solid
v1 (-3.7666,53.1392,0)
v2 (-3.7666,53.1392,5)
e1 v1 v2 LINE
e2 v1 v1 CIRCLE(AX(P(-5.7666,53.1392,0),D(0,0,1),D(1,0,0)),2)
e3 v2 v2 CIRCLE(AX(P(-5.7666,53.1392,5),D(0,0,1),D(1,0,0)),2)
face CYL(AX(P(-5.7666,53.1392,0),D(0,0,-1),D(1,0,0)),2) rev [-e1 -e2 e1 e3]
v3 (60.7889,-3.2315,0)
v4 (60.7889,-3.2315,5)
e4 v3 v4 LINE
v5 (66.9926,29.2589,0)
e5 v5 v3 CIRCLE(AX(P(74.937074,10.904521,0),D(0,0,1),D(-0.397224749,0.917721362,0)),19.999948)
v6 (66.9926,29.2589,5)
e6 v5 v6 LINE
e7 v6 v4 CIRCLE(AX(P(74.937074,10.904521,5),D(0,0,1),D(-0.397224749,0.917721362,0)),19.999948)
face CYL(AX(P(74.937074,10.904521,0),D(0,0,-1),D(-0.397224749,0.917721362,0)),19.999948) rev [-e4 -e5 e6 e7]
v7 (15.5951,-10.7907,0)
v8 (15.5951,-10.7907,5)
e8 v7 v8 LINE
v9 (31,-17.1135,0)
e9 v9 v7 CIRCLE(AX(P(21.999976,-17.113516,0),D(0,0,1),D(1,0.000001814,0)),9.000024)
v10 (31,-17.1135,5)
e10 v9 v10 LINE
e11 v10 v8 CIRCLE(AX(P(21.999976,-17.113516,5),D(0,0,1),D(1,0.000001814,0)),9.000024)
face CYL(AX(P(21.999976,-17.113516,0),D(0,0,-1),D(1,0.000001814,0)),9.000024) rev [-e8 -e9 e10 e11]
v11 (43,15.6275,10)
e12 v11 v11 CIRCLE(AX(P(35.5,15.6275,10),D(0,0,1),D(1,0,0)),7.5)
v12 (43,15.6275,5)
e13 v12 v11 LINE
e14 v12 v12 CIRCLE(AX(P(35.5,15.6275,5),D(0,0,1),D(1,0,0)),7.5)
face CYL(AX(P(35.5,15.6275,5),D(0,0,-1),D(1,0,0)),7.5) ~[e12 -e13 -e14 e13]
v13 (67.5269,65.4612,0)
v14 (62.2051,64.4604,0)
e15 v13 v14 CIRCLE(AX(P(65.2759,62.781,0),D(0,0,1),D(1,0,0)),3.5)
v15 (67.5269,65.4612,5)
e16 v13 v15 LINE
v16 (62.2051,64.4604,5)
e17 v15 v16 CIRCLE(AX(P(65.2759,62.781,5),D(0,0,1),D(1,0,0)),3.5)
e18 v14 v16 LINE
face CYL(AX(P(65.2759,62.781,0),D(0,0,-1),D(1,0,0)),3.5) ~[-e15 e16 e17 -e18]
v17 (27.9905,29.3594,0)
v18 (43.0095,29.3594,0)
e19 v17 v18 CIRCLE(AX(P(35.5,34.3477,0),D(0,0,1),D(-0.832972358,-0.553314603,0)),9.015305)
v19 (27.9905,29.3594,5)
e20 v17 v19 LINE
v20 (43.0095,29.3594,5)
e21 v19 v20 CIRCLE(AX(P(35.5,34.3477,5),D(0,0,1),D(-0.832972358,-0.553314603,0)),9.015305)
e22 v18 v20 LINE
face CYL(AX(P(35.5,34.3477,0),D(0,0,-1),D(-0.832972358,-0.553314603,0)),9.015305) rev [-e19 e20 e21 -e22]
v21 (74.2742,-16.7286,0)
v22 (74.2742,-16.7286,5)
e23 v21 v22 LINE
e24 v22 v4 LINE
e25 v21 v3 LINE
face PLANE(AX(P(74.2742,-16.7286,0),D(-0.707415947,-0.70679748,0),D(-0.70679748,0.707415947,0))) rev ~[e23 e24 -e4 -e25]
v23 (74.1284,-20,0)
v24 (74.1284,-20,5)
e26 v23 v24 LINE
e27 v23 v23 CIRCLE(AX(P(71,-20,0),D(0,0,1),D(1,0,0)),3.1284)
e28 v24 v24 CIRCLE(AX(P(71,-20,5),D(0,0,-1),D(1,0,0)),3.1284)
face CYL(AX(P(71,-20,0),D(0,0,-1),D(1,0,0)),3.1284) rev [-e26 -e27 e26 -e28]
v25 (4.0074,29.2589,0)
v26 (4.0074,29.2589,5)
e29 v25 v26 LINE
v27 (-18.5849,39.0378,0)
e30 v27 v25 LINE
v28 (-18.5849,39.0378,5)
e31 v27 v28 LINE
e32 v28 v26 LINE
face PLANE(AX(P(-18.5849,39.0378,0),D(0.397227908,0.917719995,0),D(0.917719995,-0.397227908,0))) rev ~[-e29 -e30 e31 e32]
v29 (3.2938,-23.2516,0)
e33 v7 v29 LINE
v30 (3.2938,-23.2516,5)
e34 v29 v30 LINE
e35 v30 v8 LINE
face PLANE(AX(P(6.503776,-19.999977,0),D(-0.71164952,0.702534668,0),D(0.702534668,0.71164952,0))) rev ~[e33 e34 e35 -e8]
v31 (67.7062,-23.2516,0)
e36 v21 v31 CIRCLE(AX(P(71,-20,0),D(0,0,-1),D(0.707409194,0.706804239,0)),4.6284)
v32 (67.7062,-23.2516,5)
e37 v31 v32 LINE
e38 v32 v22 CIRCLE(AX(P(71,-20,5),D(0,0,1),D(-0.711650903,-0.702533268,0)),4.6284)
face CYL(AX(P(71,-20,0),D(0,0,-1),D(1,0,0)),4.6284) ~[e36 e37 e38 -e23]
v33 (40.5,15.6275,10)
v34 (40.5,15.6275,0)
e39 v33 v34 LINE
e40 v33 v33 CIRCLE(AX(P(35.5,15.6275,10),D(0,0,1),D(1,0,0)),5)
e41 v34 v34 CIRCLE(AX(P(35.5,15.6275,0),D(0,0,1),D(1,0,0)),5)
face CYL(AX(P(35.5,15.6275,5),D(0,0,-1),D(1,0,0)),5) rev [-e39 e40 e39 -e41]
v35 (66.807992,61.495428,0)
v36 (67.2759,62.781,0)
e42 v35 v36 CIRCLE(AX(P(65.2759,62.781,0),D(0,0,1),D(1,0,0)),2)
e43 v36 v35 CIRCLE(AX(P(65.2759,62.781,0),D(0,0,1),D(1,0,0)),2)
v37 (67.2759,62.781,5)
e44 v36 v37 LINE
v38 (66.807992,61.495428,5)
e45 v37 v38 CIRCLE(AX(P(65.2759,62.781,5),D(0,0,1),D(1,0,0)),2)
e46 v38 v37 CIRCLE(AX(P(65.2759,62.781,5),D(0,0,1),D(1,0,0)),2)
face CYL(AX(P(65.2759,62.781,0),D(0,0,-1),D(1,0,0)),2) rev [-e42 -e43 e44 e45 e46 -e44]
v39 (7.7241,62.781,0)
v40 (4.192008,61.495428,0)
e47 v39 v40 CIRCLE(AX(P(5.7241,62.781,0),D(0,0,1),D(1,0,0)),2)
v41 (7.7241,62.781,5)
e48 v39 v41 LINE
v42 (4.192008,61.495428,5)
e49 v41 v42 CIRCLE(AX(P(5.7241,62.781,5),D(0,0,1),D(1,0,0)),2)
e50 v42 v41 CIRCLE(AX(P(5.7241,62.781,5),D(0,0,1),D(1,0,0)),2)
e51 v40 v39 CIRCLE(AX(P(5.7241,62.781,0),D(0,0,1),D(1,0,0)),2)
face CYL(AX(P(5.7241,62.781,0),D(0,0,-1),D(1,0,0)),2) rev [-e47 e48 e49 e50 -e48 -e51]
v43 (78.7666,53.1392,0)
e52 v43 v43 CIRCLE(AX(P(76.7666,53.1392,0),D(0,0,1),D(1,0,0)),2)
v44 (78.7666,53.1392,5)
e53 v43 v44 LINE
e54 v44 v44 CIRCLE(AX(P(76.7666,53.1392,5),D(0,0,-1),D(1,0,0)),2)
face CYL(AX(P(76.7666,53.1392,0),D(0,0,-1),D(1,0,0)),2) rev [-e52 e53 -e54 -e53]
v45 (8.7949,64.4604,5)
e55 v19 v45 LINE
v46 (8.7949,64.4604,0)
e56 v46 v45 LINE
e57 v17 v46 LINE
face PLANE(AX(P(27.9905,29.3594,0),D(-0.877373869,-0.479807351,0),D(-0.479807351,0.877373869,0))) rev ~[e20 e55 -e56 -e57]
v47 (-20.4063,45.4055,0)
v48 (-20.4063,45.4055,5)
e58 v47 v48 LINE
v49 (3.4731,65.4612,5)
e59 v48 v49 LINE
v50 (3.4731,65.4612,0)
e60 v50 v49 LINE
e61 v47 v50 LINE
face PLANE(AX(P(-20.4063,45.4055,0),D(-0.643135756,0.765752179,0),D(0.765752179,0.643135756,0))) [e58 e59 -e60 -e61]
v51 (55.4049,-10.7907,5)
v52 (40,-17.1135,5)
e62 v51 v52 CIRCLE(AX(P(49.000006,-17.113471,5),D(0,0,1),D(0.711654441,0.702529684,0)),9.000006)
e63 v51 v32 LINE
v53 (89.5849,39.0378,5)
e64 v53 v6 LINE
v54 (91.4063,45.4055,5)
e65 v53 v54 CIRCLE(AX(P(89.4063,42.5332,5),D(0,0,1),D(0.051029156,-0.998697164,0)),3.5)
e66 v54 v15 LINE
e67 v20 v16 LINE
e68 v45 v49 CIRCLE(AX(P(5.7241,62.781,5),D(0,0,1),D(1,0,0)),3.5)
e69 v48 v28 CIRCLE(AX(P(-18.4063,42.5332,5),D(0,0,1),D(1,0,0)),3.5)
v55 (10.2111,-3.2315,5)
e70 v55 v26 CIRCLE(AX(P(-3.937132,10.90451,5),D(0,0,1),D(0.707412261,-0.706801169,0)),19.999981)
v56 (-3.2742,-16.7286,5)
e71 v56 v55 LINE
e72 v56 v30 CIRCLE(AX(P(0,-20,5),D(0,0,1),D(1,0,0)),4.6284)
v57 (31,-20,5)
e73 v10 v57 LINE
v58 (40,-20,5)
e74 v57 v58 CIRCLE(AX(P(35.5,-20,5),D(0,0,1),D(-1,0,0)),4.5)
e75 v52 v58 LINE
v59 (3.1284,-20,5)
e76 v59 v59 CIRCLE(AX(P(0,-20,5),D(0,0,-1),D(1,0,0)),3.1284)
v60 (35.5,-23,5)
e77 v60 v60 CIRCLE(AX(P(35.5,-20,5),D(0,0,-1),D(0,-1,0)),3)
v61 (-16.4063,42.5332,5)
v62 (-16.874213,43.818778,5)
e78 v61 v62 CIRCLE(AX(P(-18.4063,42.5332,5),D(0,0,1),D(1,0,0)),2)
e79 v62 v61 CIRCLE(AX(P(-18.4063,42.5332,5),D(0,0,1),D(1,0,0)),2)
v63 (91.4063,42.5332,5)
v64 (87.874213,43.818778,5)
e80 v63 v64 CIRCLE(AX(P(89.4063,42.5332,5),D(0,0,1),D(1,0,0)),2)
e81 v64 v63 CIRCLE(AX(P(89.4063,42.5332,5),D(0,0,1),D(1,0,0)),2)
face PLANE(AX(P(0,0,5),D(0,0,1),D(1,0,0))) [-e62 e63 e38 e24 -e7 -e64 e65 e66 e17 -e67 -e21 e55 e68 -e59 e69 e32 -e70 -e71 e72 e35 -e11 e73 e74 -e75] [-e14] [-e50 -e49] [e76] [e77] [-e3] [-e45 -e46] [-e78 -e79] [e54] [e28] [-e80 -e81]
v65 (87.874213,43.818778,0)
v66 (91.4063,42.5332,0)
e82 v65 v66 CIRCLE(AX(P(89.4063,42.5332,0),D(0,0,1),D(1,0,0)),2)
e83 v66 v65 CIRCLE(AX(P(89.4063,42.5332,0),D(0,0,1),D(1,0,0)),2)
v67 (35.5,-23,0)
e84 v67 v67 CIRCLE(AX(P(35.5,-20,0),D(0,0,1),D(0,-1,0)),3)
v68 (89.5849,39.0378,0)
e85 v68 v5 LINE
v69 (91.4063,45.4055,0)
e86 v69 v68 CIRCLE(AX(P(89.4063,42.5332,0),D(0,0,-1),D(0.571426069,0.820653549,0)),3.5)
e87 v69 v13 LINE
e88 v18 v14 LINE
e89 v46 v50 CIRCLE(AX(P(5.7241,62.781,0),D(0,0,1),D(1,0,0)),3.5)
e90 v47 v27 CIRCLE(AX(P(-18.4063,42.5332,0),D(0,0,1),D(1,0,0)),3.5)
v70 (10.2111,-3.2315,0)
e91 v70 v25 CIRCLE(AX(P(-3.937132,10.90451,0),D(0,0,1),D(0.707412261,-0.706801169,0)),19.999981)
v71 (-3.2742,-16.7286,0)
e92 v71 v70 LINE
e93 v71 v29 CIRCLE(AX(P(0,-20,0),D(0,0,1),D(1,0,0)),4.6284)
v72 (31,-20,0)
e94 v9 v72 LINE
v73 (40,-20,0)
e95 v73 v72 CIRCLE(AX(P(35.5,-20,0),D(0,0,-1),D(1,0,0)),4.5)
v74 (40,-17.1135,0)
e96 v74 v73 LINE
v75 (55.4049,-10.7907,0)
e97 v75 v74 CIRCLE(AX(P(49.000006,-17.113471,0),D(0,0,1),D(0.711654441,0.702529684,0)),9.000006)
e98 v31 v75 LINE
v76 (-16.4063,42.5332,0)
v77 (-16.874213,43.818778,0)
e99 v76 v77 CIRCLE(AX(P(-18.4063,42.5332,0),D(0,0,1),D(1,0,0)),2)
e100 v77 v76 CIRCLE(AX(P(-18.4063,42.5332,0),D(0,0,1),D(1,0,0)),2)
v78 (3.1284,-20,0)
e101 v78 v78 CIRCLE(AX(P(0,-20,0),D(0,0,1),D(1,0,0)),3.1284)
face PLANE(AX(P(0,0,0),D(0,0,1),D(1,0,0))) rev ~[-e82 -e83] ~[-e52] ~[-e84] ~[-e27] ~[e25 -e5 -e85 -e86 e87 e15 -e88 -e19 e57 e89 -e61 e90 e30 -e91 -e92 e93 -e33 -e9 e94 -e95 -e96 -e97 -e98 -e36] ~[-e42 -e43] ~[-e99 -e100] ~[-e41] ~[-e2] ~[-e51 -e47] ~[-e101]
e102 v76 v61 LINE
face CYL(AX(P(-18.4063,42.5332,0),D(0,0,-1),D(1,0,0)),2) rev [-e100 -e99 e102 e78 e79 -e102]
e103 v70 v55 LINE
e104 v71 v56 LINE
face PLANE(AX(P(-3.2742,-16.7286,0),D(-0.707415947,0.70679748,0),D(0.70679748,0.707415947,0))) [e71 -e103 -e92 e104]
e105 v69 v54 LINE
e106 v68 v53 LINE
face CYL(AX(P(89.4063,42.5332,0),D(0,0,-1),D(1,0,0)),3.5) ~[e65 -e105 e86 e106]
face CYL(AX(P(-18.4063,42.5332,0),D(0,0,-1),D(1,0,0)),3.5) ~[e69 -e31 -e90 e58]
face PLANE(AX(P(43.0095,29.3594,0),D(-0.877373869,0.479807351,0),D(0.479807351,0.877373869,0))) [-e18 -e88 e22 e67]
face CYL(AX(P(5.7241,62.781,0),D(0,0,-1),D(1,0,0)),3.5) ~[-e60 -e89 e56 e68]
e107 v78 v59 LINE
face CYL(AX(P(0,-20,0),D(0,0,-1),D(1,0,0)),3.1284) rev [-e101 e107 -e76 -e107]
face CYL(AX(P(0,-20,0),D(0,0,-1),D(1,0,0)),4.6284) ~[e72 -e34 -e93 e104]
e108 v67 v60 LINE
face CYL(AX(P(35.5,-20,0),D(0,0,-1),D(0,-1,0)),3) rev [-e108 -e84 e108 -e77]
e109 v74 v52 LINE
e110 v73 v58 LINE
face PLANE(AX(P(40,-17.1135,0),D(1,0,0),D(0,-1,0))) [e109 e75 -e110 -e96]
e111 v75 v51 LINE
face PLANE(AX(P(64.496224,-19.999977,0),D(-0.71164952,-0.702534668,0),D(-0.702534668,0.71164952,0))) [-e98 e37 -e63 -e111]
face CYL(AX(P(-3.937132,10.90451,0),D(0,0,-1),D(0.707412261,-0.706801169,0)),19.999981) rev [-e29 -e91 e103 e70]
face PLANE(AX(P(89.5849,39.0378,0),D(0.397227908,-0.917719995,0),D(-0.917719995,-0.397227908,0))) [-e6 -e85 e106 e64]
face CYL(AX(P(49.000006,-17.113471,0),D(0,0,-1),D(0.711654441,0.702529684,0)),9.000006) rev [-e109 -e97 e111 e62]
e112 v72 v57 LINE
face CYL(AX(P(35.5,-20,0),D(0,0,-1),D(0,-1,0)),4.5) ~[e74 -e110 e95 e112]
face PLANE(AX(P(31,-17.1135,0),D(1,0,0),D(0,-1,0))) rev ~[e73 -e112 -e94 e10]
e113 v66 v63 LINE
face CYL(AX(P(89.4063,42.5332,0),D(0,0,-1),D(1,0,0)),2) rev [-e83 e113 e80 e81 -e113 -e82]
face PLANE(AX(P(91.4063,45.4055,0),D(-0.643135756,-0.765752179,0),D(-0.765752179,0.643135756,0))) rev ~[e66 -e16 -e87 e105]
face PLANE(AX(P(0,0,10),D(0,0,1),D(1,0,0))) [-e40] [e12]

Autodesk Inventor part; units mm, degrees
ref_plane "YZ Plane" through (0, 0, 0) normal (1, 0, 0) x (0, 1, 0)
ref_plane "XZ Plane" through (0, 0, 0) normal (0, 1, 0) x (-1, 0, 0)
ref_plane "XY Plane" through (0, 0, 0) normal (0, 0, 1) x (1, 0, 0)
sketch "Sketch2" plane through (0, 0, 0) normal (0, 0, 1) x (1, 0, 0)
  circle A0 centre (-18.4063, 42.5332) radius 2
  circle A1 centre (-5.7666, 53.1392) radius 2
  circle A2 centre (5.7241, 62.781) radius 2
  circle A3 centre (0, -20) radius 3.1284
  arc A4 (35.5, -17) -> (35.5, -23) centre (35.5, -20) ccw
  circle A5 centre (-18.4063, 42.5332) radius 3.5
  circle A6 centre (5.7241, 62.781) radius 3.5
  line L0 (-18.4063, 42.5332) -> (-5.7666, 53.1392)
  line L1 (-5.7666, 53.1392) -> (5.7241, 62.781)
  line L2 (-20.4063, 45.4055) -> (3.4731, 65.4612)
  line L3 (-15.925, 40.0648) -> (7.9726, 60.0989)
  line L4 (-5.7666, 53.1392) -> (35.5, 15.6275)
  line L5 (-18.5849, 39.0378) -> (4.0074, 29.2589)
  circle A7 centre (0, -20) radius 4.6284
  arc A8 (35.5, -15.5) -> (35.5, -24.5) centre (35.5, -20) ccw
  line L6 (35.5, 15.6275) -> (0, -20)
  line L7 (-3.2742, -16.7286) -> (10.2111, -3.2315)
  line L8 (31, -17.1135) -> (31, -20)
  line L9 (3.2938, -23.2516) -> (15.5951, -10.7907)
  arc A9 (10.2111, -3.2315) -> (4.0074, 29.2589) centre (-3.9371, 10.9045) ccw
  arc A10 (31, -17.1135) -> (15.5951, -10.7907) centre (22, -17.1135) ccw
  line L10 (27.9905, 29.3594) -> (8.7949, 64.4604)
  circle A11 centre (89.4063, 42.5332) radius 2
  circle A12 centre (76.7666, 53.1392) radius 2
  circle A13 centre (65.2759, 62.781) radius 2
  circle A14 centre (71, -20) radius 3.1284
  arc A15 (35.5, -23) -> (35.5, -17) centre (35.5, -20) ccw
  circle A16 centre (89.4063, 42.5332) radius 3.5
  circle A17 centre (65.2759, 62.781) radius 3.5
  line L11 (89.4063, 42.5332) -> (76.7666, 53.1392)
  line L12 (76.7666, 53.1392) -> (65.2759, 62.781)
  line L13 (91.4063, 45.4055) -> (67.5269, 65.4612)
  line L14 (86.925, 40.0648) -> (63.0274, 60.0989)
  line L15 (76.7666, 53.1392) -> (35.5, 15.6275)
  line L16 (89.5849, 39.0378) -> (66.9926, 29.2589)
  circle A18 centre (71, -20) radius 4.6284
  arc A19 (35.5, -24.5) -> (35.5, -15.5) centre (35.5, -20) ccw
  line L17 (35.5, 15.6275) -> (71, -20)
  line L18 (74.2742, -16.7286) -> (60.7889, -3.2315)
  line L19 (40, -17.1135) -> (40, -20)
  line L20 (67.7062, -23.2516) -> (55.4049, -10.7907)
  arc A20 (66.9926, 29.2589) -> (60.7889, -3.2315) centre (74.9371, 10.9045) ccw
  arc A21 (55.4049, -10.7907) -> (40, -17.1135) centre (49, -17.1135) ccw
  line L21 (43.0095, 29.3594) -> (62.2051, 64.4604)
  arc A22 (27.9905, 29.3594) -> (43.0095, 29.3594) centre (35.5, 34.3477) ccw
  line L22 (0, -20) -> (6.5038, -20)
  line L23 (31, -20) -> (35.5, -20)
  line L24 (71, -20) -> (64.4962, -20)
  line L25 (40, -20) -> (35.5, -20)
  circle A23 centre (35.5, 15.6275) radius 5
  point P0 (86, -15)
  point P1 (105.5095, 35.5477)
  point P2 (56.8662, 76.3642)
  point P3 (31, 11.1114)
  point P4 (40, 11.1114)
  dimension "d40" = 7
  dimension "d41" = 7
  dimension "d42" = 11.4907
  dimension "d43" = 16.5
  dimension "d44" = 4
  dimension "d45" = 1.5
  dimension "d46" = 24.1304
  dimension "d47" = 1.5
  dimension "d48" = 1.5
  dimension "d49" = 1.5
  dimension "d51" = 20
  dimension "d52" = 9
  dimension "d54" = 9.2569
  dimension "d55" = 9.0153
  dimension "d56" = 4.5
  dimension "d57" = 0.026
  dimension "d58" = 0.026
  dimension "d59" = 63.405
  dimension "d60" = 5.025
  dimension "d61" = 97.729
  dimension "d62" = 5.369
  dimension "d63" = 5.103
  dimension "d65" = 78.673
  dimension "d66" = 21.327
  dimension "d67" = 94.897
  dimension "d68" = 94.631
  dimension "d69" = 2.271
  dimension "d70" = 94.975
  dimension "d71" = 16.595
  dimension "d72" = 100.026
  dimension "d73" = 0.026
  dimension "d74" = 4.9997
  dimension "d75" = 1.5216
  dimension "d76" = 9.5286
  dimension "d77" = 59.0451
  dimension "d78" = 32.3508
  dimension "d79" = 65.5095
  dimension "d80" = 81.4761
  dimension "d81" = 3.4859
  dimension "d82" = 3.4859
  dimension "d83" = 46.2625
  dimension "d84" = 49.7327
  dimension "d85" = 3.5
  dimension "d86" = 4.9997
  dimension "d87" = 8.5066
  dimension "d88" = 39.9151
  dimension "d89" = 40.9208
  dimension "d90" = 79.1063
  dimension "d91" = 80.2554
  dimension "d92" = 84.8517
  dimension "d93" = 86.0007
  dimension "d94" = 10
extrude "Extrusion1" add sketch "Sketch2" along normal blind 5 contours A5 | A5 L2 A6 L1 A1 L0 | L0 A1 L4 L3 A5 | L3 L4 A23 L6 A7 L7 A9 L5 A5 | A6 | L1 A6 L3 L4 A1 | L3 A6 L10 A22 L21 A17 L14 L15 A23 L4 | L15 L14 A16 L16 A20 L18 A18 L17 A23 | A23 L17 A18 L24 L20 A21 L19 A19 A8 L8 A10 L9 L22 A7 L6 | A7 L6 A3 L22 | L15 A12 L11 A16 L14 | L14 A17 L12 A12 L15 | A7 L22 A3 L6 | A7 L22 L9 | A17 | L17 A14 L24 A18 | A18 L24 A14 L17 | A16 | L13 A16 L11 A12 L12 A17 | A18 L20 L24 | L23 A4 A15 L25 A19 A8 | A8 A19 L25 A15 A4 L23
sketch "Sketch3" plane through (0, 0, 5) normal (0, 0, 1) x (1, 0, 0)
  point P0 (0, 0)
sketch "Sketch4" plane through (0, 0, 5) normal (0, 0, 1) x (1, 0, 0)
  circle A0 centre (35.5, 15.6275) radius 5 projected
  circle A1 centre (35.5, 15.6275) radius 7.5
  point P0 (0, 0)
  dimension "d97" = 15
extrude "Extrusion2" add sketch "Sketch4" along normal blind 5
properties part number "batteryclip2"
